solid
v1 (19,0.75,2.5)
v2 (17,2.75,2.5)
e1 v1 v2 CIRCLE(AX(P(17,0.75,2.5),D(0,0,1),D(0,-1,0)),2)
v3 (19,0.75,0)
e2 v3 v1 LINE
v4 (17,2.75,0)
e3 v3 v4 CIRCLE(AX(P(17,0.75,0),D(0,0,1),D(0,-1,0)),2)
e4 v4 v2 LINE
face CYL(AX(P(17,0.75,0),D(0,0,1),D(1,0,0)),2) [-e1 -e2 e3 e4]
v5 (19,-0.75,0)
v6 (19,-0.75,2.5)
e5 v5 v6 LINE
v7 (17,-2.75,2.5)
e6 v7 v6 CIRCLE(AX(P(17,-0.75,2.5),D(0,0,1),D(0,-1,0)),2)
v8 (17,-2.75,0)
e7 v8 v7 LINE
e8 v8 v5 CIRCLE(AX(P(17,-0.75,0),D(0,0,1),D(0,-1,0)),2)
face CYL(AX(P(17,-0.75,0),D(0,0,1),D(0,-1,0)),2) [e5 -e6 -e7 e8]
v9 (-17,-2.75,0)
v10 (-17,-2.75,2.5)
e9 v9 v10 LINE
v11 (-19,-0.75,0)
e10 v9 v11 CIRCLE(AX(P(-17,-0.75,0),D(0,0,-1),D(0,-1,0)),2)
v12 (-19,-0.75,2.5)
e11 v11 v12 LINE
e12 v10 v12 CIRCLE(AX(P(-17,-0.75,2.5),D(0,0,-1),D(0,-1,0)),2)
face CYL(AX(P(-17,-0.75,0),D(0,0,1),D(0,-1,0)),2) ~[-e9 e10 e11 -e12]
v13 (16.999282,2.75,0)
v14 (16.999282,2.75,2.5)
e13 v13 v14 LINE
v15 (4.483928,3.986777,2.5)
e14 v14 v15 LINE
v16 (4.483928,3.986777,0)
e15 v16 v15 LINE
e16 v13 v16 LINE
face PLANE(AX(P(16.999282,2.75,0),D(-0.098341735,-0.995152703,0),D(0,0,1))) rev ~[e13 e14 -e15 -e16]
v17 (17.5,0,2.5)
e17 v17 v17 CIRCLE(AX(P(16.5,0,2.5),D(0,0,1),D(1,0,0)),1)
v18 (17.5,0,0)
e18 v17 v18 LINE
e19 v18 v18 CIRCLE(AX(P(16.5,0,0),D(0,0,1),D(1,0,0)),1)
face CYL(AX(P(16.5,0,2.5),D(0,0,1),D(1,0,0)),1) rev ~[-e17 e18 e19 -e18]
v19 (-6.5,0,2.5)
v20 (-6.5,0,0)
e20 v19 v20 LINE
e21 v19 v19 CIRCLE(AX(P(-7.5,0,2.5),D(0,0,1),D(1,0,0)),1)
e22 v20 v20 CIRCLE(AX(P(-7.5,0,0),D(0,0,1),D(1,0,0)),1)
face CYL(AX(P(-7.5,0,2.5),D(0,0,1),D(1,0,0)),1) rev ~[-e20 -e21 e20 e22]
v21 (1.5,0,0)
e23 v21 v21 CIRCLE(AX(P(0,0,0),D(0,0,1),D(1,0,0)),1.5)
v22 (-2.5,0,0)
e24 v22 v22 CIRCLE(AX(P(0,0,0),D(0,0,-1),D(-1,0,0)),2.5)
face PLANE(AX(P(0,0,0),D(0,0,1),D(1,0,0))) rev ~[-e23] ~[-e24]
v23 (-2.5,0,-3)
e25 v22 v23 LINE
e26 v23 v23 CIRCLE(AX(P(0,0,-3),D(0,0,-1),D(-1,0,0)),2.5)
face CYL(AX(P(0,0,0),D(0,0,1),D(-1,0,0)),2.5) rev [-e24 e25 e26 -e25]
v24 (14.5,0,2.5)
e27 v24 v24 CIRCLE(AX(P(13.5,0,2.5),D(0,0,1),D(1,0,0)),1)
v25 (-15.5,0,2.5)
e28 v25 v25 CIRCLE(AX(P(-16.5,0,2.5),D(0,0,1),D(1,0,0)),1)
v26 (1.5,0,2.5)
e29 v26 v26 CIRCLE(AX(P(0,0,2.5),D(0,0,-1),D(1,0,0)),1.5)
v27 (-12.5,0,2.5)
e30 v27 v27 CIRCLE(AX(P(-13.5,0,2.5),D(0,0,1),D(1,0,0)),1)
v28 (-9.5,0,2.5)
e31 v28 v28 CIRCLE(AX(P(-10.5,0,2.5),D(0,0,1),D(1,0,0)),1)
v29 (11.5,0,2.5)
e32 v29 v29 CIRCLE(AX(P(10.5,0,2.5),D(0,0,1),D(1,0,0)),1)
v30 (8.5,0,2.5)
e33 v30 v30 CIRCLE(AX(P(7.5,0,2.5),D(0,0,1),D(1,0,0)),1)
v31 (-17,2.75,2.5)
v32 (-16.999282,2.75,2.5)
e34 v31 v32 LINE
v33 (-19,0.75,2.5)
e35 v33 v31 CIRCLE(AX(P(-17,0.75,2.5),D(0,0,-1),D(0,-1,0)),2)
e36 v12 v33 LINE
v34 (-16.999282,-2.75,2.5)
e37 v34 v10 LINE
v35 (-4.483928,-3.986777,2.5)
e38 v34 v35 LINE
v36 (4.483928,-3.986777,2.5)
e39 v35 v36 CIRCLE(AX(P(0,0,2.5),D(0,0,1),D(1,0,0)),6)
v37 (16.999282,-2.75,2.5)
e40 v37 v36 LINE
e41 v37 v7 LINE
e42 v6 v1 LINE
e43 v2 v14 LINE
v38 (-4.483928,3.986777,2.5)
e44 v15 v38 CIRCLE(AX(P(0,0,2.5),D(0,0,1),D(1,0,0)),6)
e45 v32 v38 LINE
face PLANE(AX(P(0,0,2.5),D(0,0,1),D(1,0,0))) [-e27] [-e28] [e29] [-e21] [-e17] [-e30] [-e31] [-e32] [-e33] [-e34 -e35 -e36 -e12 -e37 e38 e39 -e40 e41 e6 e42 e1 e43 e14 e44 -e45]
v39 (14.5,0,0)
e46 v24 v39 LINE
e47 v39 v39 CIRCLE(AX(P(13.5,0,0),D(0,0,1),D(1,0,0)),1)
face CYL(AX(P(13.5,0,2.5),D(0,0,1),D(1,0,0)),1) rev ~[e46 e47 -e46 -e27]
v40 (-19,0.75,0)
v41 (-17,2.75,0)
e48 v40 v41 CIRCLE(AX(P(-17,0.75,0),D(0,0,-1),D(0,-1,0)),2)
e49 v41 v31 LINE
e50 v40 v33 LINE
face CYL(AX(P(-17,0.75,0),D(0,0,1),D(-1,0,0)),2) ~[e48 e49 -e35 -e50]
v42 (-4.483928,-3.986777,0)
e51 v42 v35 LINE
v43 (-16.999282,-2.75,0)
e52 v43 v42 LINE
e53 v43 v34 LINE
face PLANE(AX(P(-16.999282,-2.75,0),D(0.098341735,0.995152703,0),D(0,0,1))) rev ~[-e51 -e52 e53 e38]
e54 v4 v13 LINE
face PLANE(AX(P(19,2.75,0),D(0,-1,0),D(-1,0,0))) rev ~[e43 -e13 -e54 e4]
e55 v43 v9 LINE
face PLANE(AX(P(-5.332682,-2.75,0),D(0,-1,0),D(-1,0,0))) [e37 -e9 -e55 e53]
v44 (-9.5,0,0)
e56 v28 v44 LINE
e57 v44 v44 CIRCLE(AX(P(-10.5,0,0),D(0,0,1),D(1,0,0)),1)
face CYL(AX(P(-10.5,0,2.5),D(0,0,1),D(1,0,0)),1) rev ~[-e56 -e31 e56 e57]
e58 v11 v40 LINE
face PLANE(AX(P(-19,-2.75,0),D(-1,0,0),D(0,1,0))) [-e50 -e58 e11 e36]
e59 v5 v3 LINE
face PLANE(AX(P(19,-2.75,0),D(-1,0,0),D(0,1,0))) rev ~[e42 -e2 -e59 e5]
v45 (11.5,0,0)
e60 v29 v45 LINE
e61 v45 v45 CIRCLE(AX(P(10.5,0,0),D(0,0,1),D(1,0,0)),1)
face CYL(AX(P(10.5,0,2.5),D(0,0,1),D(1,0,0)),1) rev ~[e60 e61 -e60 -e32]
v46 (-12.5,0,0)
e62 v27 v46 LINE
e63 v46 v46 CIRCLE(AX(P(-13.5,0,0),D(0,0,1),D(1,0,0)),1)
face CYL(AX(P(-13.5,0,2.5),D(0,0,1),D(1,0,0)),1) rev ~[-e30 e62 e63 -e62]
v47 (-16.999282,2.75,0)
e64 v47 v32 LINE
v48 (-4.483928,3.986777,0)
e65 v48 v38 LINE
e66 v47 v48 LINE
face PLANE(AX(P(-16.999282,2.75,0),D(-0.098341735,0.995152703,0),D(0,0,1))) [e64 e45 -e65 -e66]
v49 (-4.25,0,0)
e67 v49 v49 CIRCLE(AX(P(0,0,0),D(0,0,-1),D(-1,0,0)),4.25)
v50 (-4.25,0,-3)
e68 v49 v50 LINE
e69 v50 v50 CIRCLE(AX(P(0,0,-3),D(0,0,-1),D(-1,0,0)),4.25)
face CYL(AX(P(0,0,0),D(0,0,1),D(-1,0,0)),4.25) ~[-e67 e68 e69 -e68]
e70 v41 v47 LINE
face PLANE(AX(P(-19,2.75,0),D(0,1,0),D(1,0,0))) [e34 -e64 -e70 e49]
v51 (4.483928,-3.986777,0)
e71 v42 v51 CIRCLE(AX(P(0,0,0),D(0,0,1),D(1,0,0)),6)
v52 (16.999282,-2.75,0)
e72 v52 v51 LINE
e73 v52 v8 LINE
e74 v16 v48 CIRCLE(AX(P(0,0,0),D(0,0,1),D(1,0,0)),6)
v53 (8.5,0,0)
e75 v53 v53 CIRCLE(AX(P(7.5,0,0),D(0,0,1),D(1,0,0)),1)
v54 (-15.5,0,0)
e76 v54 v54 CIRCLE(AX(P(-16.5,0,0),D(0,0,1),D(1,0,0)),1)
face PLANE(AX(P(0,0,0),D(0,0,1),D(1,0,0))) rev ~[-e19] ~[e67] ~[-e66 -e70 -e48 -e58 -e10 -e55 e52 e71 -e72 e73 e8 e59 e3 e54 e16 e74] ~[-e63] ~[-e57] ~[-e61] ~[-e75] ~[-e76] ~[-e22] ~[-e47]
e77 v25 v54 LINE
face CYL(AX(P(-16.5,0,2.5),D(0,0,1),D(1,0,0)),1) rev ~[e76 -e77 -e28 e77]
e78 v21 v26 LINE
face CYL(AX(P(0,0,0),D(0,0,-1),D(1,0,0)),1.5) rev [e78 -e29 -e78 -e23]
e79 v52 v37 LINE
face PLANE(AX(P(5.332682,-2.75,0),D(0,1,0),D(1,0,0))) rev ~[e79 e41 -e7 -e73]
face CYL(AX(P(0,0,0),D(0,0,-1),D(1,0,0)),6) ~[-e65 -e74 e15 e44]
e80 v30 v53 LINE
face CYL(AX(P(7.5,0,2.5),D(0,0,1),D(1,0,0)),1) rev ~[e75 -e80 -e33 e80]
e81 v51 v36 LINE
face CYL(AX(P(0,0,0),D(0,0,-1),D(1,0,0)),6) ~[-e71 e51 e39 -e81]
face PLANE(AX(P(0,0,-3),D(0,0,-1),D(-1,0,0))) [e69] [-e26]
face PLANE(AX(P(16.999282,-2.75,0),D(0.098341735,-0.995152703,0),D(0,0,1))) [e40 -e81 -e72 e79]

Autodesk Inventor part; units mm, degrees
ref_plane "YZ Plane" through (0, 0, 0) normal (1, 0, 0) x (0, 1, 0)
ref_plane "XZ Plane" through (0, 0, 0) normal (0, 1, 0) x (-1, 0, 0)
ref_plane "XY Plane" through (0, 0, 0) normal (0, 0, 1) x (1, 0, 0)
sketch "Sketch1" plane through (0, 0, 0) normal (0, 0, 1) x (1, 0, 0)
  circle A0 centre (0, 0) radius 1.5
  circle A1 centre (0, 0) radius 6
  line L0 (-19, 2.75) -> (-1.5, 2.75)
  line L1 (-1.5, 2.75) -> (-1.5, -2.75)
  line L2 (-1.5, -2.75) -> (-19, -2.75)
  line L3 (-19, -2.75) -> (-19, 2.75)
  line L4 (0, -8.4) -> (0, 8.4) construction
  line L5 (19, 2.75) -> (1.5, 2.75)
  line L6 (1.5, 2.75) -> (1.5, -2.75)
  line L7 (1.5, -2.75) -> (19, -2.75)
  line L8 (19, -2.75) -> (19, 2.75)
  point P0 (-1.5, 0)
  dimension "d0" = 3
  dimension "d1" = 12
  dimension "d2" = 17.5
  dimension "d3" = 5.5
extrude "Extrusion1" add sketch "Sketch1" along normal blind 2.5 contours L6 L7 A1 L2 L1 A0 | A0 L1 L0 A1 L5 L6 | L6 L5 A1 L7 | L1 L2 A1 L0 | L5 L8 L7 A1 | A1 L2 L3 L0
fillet "Fillet1" radius 2 4 edges at (-19, 2.75, 1.25) (-19, -2.75, 1.25) (19, 2.75, 1.25) (19, -2.75, 1.25)
chamfer "Chamfer6" distance 11.6666 distance2 1.5 1 edges at (-5.3327, 2.75, 1.25) measured on face at (-13.1109, 2.75, 0.8333)
chamfer "Chamfer7" distance 11.6666 distance2 1.5 1 edges at (5.3327, 2.75, 1.25) measured on face at (13.1109, 2.75, 0.8333)
chamfer "Chamfer8" distance 11.6666 distance2 1.5 1 edges at (-5.3327, -2.75, 1.25) measured on face at (-9.2218, -2.75, 1.6667)
chamfer "Chamfer9" distance 11.6666 distance2 1.5 1 edges at (5.3327, -2.75, 1.25) measured on face at (9.2218, -2.75, 0.8333)
sketch "Sketch3" plane through (0, 0, 2.5) normal (0, 0, 1) x (1, 0, 0)
  circle A0 centre (-7.5, 0) radius 1
  line L0 (-26.6, 0) -> (26.6, 0) construction
  circle A1 centre (-10.5, 0) radius 1
  circle A2 centre (-13.5, 0) radius 1
  circle A3 centre (-16.5, 0) radius 1
  line L1 (0, -8.4) -> (0, 8.4) construction
  circle A4 centre (7.5, 0) radius 1
  circle A5 centre (10.5, 0) radius 1
  circle A6 centre (13.5, 0) radius 1
  circle A7 centre (16.5, 0) radius 1
  point P0 (0, 0)
  dimension "d37" = 2
  dimension "d38" = 7.5
  dimension "d41" = 3
extrude "Extrusion3" cut sketch "Sketch3" against normal through all
sketch "Sketch4" plane through (0, 0, 0) normal (0, 0, -1) x (-1, 0, 0)
  circle A0 centre (0, 0) radius 1.5 projected
  circle A1 centre (0, 0) radius 2.5
  circle A2 centre (0, 0) radius 4.25
  dimension "d48" = 5
  dimension "d49" = 8.5
extrude "Extrusion4" add sketch "Sketch4" along normal blind 3 contours A2
properties part number "ServoArm2"
